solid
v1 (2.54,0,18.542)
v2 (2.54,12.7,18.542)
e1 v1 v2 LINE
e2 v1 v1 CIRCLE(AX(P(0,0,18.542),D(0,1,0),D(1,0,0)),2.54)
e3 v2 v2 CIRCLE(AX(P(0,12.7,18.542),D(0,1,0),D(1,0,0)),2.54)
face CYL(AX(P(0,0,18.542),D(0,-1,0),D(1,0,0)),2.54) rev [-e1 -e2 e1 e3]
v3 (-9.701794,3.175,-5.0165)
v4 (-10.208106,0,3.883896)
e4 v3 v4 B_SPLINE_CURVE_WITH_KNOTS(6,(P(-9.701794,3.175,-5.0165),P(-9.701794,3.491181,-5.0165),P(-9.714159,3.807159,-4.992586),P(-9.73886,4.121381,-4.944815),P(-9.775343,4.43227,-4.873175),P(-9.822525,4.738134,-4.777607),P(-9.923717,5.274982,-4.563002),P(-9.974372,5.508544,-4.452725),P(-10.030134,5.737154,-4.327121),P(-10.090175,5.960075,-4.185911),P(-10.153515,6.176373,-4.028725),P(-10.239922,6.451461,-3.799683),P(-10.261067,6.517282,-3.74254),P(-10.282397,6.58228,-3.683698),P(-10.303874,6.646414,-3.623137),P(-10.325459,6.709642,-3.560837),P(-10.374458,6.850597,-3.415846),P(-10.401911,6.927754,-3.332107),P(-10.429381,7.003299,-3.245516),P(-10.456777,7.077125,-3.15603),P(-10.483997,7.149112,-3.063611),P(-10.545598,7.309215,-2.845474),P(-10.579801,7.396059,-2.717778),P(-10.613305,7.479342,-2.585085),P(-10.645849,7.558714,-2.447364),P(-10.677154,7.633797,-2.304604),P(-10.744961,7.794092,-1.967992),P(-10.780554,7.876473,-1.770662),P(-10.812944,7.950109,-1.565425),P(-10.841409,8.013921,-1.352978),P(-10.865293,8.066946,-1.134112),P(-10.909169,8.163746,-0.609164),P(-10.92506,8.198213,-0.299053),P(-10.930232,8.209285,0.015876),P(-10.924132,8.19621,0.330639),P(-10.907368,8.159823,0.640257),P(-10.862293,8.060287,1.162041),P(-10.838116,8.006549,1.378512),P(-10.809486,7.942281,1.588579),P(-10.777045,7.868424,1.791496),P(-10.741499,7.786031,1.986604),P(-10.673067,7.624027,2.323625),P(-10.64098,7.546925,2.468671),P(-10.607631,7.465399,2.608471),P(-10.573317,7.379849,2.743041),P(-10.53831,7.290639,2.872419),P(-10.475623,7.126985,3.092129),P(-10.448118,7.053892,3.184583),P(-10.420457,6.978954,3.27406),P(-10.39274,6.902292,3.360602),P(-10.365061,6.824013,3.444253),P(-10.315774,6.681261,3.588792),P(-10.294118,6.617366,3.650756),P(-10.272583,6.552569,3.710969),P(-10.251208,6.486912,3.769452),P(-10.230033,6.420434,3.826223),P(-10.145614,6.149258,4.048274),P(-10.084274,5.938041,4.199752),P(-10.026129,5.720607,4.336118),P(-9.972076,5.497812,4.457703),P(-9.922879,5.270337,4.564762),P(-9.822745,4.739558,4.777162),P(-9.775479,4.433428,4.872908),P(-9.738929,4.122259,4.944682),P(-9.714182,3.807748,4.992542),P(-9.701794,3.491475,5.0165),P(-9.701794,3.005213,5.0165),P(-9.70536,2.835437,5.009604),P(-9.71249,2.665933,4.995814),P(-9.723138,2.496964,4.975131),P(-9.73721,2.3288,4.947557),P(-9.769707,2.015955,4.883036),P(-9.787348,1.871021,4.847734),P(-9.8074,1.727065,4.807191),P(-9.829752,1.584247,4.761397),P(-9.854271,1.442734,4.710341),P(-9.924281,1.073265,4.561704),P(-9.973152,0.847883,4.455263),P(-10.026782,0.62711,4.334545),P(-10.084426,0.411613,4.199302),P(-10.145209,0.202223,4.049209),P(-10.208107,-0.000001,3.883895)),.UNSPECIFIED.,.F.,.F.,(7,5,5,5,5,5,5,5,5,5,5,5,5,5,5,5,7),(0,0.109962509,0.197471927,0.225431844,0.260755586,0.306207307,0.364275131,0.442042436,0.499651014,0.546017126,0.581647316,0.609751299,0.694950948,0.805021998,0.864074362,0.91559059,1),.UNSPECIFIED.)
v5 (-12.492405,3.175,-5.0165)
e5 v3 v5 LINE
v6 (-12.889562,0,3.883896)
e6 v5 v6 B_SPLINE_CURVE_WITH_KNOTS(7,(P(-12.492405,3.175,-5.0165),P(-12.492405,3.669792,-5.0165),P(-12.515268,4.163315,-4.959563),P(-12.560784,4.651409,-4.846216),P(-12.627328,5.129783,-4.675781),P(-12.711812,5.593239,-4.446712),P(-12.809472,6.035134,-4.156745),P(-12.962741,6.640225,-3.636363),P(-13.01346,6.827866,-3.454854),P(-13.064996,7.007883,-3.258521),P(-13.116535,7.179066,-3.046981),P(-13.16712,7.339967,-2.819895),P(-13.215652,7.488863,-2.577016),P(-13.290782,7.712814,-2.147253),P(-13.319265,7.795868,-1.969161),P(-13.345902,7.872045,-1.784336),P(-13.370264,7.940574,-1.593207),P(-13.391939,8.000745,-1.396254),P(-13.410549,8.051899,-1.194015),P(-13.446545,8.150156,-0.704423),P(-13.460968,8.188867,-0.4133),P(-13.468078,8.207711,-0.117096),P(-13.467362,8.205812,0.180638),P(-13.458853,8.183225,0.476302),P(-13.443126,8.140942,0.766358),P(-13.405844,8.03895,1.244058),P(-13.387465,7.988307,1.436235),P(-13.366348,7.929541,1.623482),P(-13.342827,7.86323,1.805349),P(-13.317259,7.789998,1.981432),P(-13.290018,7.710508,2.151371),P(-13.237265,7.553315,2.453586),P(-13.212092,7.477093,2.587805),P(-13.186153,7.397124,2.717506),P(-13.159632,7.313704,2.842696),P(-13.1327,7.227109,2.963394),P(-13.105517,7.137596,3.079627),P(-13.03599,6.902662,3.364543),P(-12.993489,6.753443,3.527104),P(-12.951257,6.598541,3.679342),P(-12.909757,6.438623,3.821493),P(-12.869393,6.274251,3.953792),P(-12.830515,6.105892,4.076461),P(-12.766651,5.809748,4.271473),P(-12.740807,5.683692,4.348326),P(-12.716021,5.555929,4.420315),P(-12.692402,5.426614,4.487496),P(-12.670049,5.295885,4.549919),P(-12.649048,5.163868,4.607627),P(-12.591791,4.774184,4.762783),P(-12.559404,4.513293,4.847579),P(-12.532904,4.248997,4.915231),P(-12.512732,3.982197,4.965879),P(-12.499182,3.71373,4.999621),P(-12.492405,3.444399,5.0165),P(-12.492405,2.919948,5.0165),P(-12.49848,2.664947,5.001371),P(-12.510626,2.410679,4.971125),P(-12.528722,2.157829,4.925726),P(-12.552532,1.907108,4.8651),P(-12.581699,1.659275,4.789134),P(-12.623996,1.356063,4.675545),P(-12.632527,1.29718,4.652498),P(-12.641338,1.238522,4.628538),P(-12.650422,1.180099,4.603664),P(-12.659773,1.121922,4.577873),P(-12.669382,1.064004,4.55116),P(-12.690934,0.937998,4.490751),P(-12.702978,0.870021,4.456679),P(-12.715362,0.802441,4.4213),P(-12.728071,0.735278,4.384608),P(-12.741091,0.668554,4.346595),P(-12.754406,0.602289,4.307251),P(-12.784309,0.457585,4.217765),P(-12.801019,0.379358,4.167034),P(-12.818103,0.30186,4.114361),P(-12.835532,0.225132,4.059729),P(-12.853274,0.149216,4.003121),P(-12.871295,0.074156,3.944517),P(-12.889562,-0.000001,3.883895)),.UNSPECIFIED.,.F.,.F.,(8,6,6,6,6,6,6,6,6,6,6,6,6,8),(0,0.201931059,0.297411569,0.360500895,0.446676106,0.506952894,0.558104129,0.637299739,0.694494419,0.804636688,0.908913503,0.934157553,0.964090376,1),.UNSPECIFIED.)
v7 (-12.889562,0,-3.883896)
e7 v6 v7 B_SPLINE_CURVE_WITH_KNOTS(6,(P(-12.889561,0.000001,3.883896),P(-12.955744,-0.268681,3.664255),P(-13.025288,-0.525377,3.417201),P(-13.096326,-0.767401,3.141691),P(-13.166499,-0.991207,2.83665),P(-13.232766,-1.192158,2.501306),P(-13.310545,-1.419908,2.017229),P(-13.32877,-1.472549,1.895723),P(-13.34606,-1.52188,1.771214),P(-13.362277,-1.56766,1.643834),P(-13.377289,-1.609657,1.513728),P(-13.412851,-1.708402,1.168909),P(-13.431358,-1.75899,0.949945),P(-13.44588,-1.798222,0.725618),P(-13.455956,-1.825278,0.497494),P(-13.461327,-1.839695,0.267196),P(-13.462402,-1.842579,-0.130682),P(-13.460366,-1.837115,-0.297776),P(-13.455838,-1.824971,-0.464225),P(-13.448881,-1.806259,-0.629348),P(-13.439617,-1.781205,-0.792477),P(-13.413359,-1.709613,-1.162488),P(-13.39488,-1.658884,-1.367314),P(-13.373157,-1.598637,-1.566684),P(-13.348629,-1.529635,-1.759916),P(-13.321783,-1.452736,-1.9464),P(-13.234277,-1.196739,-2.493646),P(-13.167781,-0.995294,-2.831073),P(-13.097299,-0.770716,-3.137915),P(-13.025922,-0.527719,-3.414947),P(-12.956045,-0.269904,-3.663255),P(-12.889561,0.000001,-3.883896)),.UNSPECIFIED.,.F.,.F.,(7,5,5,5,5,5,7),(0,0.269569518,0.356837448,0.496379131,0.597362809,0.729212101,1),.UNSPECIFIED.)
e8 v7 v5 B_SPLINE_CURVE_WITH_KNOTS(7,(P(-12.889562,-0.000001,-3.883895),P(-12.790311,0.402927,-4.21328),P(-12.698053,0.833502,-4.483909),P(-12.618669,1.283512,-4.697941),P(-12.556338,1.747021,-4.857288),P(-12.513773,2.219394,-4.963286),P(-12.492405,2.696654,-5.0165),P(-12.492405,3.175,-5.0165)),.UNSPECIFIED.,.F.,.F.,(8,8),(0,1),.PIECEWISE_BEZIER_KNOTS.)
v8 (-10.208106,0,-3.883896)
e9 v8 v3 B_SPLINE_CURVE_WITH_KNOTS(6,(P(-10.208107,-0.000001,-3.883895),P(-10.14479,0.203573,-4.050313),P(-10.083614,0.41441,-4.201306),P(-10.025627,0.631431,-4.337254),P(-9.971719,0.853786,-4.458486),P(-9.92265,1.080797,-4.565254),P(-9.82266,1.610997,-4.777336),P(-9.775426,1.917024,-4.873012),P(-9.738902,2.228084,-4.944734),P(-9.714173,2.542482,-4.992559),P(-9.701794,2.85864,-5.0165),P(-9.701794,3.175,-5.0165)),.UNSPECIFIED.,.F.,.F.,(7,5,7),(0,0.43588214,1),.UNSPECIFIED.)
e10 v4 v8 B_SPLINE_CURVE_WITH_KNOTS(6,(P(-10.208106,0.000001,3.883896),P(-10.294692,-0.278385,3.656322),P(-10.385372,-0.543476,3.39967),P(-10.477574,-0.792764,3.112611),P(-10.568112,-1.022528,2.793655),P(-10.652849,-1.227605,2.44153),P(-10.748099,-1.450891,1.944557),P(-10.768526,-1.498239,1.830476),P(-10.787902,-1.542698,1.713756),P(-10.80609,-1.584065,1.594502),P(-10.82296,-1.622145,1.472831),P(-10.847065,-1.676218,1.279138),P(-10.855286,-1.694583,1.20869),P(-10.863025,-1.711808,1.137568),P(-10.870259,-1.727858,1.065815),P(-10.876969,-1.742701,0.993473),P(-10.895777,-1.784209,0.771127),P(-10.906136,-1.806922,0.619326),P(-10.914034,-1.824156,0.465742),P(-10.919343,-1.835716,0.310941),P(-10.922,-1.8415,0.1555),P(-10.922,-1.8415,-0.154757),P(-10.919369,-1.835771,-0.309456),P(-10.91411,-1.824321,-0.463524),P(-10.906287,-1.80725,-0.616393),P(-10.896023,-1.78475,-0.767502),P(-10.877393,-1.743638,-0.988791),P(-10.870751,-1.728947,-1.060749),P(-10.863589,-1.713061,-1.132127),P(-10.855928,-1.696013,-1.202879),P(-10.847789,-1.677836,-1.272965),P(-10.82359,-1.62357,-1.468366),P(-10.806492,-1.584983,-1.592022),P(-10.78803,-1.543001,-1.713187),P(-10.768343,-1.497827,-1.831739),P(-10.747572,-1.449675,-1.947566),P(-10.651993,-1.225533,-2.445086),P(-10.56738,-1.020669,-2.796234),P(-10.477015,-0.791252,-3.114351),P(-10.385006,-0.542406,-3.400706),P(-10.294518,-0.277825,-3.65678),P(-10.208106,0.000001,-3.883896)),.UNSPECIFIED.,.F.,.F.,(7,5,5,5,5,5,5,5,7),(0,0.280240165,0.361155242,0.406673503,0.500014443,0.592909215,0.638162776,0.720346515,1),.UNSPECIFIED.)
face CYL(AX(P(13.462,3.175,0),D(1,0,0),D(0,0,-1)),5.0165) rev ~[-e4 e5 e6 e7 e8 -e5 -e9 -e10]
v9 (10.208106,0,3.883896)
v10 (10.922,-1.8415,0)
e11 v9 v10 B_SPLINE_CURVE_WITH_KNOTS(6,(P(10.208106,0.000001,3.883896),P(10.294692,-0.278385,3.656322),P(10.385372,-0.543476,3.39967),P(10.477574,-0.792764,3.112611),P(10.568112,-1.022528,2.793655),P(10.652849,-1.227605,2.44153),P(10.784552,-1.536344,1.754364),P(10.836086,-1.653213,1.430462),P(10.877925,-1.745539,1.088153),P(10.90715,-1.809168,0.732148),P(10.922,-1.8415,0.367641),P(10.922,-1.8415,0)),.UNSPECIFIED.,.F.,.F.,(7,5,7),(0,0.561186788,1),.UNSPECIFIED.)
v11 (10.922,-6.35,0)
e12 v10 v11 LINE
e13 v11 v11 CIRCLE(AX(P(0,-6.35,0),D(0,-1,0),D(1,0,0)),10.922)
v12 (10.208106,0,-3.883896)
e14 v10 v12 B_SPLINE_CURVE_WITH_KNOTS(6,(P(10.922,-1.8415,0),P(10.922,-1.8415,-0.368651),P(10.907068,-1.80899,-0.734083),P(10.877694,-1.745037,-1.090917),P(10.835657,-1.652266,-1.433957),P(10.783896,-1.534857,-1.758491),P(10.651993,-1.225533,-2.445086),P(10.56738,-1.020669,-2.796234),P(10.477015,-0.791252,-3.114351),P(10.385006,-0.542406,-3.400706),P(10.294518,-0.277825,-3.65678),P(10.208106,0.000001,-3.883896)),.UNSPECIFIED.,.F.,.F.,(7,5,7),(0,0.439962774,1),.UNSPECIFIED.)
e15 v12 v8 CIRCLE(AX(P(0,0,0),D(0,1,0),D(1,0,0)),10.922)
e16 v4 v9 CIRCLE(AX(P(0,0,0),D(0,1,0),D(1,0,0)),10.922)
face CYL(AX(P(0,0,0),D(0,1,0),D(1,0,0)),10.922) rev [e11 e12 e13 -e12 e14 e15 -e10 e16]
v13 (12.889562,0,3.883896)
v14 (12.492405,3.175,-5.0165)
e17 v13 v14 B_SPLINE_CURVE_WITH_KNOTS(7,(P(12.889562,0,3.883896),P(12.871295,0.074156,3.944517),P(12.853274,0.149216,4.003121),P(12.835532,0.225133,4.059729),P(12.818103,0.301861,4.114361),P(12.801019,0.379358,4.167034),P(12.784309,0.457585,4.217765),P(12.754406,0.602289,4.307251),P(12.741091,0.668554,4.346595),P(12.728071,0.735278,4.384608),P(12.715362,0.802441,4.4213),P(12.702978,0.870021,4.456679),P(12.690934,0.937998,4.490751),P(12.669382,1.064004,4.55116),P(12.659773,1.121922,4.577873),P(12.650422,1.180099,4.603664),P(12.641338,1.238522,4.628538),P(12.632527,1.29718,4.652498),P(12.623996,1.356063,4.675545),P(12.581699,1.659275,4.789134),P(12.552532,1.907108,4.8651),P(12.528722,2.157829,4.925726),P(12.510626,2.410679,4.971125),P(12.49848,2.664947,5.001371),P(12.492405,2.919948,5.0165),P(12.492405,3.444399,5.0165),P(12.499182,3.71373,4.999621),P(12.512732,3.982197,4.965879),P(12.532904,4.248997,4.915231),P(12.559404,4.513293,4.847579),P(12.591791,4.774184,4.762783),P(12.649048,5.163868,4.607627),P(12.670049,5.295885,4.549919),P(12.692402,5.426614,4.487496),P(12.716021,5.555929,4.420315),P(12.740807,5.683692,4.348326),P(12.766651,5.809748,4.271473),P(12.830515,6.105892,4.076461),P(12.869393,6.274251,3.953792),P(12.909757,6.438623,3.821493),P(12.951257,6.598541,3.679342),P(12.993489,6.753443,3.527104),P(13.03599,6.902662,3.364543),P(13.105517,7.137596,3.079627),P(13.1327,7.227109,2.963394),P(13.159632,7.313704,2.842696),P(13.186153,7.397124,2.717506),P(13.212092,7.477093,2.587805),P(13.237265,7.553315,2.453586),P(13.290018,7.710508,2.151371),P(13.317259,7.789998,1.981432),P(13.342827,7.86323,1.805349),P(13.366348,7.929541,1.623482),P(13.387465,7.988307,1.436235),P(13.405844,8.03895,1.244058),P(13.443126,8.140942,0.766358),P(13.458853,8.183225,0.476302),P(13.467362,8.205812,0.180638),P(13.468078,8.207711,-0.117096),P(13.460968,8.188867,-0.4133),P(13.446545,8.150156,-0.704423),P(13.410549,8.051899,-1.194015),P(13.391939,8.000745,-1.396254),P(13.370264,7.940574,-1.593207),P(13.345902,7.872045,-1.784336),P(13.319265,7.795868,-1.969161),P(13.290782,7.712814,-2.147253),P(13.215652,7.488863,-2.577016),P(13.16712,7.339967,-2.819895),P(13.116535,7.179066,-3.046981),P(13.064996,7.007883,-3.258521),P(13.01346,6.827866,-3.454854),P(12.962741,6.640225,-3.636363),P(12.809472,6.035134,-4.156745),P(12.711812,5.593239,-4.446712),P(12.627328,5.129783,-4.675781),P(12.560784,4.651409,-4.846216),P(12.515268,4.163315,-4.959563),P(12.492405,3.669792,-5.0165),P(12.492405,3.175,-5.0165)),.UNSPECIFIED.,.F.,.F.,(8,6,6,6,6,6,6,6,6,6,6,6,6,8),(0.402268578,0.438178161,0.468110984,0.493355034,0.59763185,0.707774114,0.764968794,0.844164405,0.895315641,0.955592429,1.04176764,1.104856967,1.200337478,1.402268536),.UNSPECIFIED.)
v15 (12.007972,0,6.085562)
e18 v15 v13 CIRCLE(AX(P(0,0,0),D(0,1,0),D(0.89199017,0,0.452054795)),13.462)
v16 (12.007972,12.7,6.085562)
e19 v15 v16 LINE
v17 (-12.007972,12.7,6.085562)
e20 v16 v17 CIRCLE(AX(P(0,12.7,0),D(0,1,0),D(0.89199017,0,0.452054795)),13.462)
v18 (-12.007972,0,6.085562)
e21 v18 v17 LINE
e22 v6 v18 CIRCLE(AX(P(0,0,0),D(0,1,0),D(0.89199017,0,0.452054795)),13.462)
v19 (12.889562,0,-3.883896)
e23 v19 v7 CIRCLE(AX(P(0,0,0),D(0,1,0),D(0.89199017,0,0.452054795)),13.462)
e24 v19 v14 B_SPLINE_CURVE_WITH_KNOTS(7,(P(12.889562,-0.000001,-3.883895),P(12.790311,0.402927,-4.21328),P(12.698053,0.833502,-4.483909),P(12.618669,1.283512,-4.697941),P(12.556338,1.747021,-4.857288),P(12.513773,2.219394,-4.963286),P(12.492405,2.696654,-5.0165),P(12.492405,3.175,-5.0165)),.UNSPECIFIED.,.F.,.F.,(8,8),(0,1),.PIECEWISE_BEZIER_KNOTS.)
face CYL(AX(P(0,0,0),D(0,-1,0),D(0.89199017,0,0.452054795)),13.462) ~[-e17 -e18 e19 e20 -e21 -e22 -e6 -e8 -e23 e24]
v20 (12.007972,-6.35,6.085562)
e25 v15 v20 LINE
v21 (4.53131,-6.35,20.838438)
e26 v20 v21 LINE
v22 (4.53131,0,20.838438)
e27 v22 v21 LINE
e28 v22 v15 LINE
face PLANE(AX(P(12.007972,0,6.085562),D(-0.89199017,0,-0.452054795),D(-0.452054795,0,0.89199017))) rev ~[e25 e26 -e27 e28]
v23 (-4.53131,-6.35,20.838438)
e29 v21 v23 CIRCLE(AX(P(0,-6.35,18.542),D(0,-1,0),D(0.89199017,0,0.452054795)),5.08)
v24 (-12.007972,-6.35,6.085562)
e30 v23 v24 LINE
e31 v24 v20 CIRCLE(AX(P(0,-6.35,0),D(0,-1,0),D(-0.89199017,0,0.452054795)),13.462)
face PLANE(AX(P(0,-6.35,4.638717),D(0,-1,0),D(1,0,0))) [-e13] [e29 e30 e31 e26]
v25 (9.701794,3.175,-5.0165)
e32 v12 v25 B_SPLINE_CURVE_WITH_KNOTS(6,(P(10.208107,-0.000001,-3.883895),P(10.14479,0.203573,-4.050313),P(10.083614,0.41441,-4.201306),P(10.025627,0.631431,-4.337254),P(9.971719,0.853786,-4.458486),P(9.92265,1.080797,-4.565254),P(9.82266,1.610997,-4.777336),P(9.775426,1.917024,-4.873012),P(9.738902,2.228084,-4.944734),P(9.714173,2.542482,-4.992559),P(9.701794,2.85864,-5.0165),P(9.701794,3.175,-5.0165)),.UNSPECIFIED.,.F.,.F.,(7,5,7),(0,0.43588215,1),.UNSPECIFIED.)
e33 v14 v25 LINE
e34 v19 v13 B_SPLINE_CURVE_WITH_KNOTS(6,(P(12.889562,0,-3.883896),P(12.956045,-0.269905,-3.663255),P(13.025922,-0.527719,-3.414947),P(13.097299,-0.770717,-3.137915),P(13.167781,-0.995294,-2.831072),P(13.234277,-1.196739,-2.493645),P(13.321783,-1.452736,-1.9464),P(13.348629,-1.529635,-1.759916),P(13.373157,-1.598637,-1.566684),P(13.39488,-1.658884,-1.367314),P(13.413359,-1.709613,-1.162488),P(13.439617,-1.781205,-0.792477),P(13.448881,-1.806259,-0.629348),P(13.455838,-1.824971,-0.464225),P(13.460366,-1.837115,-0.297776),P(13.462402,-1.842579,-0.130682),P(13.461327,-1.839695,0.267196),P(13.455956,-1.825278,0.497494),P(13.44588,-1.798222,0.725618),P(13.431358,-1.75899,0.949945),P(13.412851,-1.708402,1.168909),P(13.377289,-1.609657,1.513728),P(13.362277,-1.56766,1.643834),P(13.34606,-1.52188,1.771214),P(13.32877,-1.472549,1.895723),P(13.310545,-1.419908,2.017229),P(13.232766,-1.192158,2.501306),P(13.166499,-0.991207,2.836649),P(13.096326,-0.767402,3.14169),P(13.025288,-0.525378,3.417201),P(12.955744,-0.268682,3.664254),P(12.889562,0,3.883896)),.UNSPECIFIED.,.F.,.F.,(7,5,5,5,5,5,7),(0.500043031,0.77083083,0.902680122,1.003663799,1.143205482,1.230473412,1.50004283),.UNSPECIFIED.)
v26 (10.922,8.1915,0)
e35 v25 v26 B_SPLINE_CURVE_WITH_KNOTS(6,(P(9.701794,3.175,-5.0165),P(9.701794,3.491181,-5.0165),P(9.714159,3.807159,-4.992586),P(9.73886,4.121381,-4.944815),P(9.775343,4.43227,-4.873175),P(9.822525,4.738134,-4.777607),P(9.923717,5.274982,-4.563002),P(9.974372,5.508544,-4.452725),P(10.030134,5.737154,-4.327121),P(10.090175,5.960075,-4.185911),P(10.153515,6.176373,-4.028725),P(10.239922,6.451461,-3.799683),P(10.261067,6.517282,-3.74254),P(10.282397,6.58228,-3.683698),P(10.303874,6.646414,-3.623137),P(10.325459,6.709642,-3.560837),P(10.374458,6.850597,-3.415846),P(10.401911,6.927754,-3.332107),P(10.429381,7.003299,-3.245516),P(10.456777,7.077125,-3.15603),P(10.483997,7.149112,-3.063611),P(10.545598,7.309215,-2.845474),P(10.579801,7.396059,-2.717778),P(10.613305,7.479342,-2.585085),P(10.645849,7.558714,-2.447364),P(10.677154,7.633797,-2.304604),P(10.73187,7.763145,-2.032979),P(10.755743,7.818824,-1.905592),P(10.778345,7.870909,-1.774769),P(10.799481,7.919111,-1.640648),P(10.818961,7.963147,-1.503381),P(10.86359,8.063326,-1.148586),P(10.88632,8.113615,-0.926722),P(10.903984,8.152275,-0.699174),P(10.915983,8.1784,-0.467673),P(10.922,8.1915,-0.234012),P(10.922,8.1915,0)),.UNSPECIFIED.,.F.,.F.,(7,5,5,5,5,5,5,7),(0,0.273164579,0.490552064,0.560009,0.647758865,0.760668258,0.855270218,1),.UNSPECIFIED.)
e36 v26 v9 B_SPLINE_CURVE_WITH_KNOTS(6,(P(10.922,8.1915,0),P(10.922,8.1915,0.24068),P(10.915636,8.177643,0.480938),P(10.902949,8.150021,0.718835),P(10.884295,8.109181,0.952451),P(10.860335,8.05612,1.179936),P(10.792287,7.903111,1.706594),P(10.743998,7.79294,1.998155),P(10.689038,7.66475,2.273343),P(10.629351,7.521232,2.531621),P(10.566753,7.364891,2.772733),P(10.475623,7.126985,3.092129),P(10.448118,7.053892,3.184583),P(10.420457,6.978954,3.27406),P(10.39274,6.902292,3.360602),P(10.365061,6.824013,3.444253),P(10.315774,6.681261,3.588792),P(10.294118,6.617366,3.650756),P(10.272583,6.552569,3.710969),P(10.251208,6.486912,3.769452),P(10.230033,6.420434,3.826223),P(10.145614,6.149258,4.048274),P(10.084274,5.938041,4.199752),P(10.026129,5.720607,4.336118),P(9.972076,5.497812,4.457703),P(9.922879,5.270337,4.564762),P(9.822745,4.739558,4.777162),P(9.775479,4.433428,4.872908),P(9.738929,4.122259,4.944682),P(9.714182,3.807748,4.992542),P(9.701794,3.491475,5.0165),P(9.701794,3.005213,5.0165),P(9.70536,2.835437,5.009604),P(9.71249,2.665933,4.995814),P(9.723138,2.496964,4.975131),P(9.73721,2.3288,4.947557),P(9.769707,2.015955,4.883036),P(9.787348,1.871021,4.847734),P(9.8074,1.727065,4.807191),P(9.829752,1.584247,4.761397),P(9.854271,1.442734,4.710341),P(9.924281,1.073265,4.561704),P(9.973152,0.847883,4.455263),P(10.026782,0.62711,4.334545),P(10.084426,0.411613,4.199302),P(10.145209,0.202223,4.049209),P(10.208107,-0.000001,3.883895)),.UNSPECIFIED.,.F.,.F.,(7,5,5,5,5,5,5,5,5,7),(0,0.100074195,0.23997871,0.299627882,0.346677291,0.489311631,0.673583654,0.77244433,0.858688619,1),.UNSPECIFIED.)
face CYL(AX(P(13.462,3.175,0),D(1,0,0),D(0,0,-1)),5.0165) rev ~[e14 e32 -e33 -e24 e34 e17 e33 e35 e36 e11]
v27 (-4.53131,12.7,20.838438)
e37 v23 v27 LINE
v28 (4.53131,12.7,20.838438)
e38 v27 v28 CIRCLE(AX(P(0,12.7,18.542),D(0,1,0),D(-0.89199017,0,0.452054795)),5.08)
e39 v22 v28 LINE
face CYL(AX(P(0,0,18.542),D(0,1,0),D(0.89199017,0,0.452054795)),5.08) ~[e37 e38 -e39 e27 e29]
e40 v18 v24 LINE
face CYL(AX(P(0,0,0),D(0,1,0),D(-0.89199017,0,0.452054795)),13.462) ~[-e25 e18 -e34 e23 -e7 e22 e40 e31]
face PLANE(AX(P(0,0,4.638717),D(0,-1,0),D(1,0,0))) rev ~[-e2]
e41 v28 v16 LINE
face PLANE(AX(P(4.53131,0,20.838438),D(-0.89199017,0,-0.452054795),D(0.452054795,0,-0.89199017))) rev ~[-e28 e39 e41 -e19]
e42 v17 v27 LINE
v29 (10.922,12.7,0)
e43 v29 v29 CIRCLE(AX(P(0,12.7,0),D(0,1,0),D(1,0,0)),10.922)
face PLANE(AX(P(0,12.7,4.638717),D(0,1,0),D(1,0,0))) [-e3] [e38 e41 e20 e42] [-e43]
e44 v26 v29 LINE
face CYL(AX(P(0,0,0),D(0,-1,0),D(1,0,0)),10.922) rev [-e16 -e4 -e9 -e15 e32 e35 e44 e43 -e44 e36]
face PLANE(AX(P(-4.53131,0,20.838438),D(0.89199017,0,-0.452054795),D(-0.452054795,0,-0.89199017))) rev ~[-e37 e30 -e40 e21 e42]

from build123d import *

# Parameters (mm, degrees)
SKETCH1_R           = 10.922
SKETCH1_R_2         = 2.54
BOSS_EXTRUDE1_DEPTH = 12.7
SKETCH2_R           = 10.922
SKETCH2_R_2         = 2.54
BOSS_EXTRUDE2_DEPTH = 6.35
SKETCH3_R           = 5.0165
CUT_EXTRUDE1_DEPTH  = 27.924


with BuildPart() as part:
    # Sketch1 → Boss-Extrude1 (new body)
    with BuildSketch(Plane(origin=(0, 0, 0), x_dir=(1, 0, 0), z_dir=(0, 1, 0))):
        with BuildLine():
            Line((-12.007971664, -6.085561644), (-4.531310062, -20.838438356))
            ThreePointArc((-4.531310062, -20.838438356), (0, -23.622), (4.531310062, -20.838438356))
            Line((4.531310062, -20.838438356), (12.007971664, -6.085561644))
            ThreePointArc((12.007971664, -6.085561644), (0, 13.462), (-12.007971664, -6.085561644))
        make_face()
        Circle(SKETCH1_R, mode=Mode.SUBTRACT)
        with Locations((0, -18.542)):
            Circle(SKETCH1_R_2, mode=Mode.SUBTRACT)
    extrude(amount=BOSS_EXTRUDE1_DEPTH)

    # Sketch2 → Boss-Extrude2 (add)
    with BuildSketch(Plane.XZ):
        with BuildLine():
            Line((-4.531310062, 20.838438356), (-12.007971664, 6.085561644))
            ThreePointArc((-12.007971664, 6.085561644), (0, -13.462), (12.007971664, 6.085561644))
            Line((12.007971664, 6.085561644), (4.531310062, 20.838438356))
            ThreePointArc((4.531310062, 20.838438356), (0, 23.622), (-4.531310062, 20.838438356))
        make_face()
        Circle(SKETCH2_R, mode=Mode.SUBTRACT)
        with Locations((0, 18.542)):
            Circle(SKETCH2_R_2, mode=Mode.SUBTRACT)
        with Locations((0, 18.542)):
            Circle(SKETCH2_R_2)
    extrude(amount=BOSS_EXTRUDE2_DEPTH)

    # Sketch3 → Cut-Extrude1 (cut, through all)
    with BuildSketch(Plane(origin=(13.462, 0, 0), x_dir=(0, 0, -1), z_dir=(1, 0, 0))):
        with Locations((0, 3.175)):
            Circle(SKETCH3_R)
    extrude(amount=-CUT_EXTRUDE1_DEPTH, mode=Mode.SUBTRACT)


solid = part.part
